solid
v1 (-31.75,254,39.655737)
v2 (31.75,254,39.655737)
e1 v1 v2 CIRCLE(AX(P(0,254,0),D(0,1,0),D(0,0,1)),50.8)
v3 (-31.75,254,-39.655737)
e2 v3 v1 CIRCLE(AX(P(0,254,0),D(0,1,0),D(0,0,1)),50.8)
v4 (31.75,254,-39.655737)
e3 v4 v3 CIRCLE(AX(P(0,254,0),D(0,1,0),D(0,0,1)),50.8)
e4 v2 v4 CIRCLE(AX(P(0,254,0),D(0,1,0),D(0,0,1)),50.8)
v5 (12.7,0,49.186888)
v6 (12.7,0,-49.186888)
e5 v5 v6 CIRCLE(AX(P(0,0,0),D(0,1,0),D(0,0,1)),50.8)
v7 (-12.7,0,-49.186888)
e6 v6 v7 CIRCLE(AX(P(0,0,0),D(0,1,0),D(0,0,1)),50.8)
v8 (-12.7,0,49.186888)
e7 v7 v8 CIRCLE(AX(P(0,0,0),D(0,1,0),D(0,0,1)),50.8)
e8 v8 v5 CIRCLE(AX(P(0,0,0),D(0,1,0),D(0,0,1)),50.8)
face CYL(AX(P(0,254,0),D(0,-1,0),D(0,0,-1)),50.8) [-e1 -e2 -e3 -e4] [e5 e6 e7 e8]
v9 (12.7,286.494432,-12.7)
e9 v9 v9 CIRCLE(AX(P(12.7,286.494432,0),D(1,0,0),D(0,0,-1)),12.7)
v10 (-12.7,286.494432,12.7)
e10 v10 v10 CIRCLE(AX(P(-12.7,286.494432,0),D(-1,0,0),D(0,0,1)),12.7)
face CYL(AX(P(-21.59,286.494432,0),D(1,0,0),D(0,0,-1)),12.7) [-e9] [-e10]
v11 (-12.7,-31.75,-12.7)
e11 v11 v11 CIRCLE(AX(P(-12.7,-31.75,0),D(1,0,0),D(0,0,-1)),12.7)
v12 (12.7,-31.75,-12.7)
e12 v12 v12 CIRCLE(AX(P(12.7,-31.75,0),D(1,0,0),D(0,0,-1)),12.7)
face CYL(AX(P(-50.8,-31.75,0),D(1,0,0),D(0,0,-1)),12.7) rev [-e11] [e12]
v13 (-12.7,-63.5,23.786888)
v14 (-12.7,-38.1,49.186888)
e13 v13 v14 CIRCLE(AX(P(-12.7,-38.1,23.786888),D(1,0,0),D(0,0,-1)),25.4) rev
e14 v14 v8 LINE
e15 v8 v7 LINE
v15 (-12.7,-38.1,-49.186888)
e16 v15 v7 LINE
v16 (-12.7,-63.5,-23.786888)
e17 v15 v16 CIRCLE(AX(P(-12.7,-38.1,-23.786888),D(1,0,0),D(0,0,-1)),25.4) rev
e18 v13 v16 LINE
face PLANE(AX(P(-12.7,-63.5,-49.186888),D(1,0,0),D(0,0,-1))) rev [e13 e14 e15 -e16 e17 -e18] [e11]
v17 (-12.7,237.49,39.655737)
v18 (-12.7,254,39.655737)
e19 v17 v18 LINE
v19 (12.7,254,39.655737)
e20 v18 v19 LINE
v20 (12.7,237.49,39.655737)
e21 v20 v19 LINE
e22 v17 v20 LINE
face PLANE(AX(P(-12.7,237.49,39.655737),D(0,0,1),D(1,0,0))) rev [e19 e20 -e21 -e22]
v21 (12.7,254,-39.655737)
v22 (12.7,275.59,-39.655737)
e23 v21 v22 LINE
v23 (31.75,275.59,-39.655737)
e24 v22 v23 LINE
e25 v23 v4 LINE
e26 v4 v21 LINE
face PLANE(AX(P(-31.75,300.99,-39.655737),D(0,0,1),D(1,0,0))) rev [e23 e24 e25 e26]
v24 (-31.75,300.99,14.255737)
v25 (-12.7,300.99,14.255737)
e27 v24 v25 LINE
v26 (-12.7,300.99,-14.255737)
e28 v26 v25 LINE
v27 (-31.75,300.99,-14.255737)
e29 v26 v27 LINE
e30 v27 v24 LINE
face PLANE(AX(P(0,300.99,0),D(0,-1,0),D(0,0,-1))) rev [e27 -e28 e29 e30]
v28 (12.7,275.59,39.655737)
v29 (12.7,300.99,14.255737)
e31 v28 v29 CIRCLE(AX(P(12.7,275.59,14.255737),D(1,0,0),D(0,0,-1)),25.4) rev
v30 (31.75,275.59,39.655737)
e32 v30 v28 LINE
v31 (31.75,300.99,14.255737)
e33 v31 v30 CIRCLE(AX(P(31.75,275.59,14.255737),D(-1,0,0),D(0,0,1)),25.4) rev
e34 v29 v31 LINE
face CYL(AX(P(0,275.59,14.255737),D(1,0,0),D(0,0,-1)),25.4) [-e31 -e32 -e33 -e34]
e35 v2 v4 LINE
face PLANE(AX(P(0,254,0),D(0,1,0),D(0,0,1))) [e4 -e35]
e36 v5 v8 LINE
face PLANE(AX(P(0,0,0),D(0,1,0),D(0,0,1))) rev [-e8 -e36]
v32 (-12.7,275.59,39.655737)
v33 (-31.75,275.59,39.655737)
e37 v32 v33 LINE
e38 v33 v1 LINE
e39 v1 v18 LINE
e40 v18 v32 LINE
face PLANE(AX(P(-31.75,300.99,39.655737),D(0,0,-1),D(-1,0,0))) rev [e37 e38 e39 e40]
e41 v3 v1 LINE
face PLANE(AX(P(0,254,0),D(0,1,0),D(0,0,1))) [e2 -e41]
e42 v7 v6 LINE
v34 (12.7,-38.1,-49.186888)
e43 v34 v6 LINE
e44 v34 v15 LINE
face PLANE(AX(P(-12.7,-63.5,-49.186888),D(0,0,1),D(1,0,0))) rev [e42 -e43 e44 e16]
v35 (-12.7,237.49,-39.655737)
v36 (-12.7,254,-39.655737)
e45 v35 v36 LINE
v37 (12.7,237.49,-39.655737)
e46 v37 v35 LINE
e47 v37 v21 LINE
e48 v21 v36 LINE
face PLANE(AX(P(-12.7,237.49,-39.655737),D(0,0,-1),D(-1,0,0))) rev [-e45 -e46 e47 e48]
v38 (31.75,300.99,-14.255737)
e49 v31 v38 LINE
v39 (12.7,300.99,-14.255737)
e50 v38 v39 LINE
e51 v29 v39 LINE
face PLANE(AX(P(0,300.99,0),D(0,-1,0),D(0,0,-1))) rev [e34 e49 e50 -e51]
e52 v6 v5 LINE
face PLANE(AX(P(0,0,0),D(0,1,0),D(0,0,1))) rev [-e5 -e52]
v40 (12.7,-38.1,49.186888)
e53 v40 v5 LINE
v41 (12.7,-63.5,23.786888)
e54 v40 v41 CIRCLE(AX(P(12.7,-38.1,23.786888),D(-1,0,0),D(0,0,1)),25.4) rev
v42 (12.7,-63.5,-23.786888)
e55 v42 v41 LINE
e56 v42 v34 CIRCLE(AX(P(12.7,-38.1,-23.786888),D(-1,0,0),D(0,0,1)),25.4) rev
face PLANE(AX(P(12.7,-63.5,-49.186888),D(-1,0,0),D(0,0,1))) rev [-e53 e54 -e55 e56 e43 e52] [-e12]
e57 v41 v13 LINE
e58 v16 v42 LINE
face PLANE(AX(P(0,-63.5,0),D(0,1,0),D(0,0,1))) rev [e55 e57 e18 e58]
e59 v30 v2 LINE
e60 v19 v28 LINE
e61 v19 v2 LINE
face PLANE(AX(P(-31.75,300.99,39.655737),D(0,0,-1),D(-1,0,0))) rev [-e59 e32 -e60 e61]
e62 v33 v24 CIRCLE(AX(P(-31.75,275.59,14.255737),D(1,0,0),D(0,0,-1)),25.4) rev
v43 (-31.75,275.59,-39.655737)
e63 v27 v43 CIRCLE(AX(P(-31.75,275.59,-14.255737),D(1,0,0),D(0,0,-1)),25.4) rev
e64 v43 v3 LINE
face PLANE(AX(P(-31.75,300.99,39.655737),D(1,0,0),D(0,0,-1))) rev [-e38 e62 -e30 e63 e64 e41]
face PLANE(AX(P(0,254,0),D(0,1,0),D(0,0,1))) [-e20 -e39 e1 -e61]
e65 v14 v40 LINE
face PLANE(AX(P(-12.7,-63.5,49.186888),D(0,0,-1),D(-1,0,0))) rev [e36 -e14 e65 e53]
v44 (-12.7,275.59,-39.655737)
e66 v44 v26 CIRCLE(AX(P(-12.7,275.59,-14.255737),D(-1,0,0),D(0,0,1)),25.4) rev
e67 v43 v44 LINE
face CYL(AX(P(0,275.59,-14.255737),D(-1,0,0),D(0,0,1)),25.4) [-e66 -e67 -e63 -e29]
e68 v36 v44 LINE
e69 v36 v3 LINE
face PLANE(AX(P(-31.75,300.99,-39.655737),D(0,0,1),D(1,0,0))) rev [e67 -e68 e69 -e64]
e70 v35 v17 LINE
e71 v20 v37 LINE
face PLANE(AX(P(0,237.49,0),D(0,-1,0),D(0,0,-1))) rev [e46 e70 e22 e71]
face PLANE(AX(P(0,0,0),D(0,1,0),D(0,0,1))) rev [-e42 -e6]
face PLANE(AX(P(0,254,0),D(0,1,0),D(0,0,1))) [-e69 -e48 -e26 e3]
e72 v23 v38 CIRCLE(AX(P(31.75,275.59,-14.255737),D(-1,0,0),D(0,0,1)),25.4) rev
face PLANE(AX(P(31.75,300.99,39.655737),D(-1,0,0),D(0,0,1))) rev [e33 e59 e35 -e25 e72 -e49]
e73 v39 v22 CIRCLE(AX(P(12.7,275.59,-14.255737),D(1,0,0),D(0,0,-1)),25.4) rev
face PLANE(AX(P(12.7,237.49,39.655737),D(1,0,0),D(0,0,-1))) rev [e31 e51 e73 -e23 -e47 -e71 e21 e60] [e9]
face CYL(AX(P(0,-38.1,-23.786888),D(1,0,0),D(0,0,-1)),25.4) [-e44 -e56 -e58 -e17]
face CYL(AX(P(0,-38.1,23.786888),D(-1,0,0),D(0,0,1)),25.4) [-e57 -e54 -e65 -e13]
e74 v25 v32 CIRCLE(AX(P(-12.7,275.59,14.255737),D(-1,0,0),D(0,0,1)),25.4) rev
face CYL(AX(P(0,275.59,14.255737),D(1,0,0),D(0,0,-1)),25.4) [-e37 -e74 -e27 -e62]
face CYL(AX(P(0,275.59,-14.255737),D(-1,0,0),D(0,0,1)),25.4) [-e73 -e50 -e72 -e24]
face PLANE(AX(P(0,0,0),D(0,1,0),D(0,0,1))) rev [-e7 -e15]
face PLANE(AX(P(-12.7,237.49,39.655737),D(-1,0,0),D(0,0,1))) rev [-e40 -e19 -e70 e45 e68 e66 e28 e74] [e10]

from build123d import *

# Parameters (mm, degrees)
SKETCH1_R           = 50.8
BOSS_EXTRUDE1_DEPTH = 254
SKETCH2_W           = 63.5
SKETCH2_H           = 79.31147458
BOSS_EXTRUDE2_DEPTH = 46.99
SKETCH3_W           = 25.4
SKETCH3_H           = 79.31147458
CUT_EXTRUDE1_DEPTH  = 63.5
FILLET1_R           = 25.4
SKETCH7_W           = 25.4
SKETCH7_H           = 98.373776994
BOSS_EXTRUDE3_DEPTH = 63.5
SKETCH8_R           = 12.7
CUT_EXTRUDE5_DEPTH  = 312.781766786
FILLET2_R           = 25.4
SKETCH6_R           = 12.7
BOSS_EXTRUDE4_DEPTH = 53.34


with BuildPart() as part:
    # Sketch1 → Boss-Extrude1 (new body)
    with BuildSketch(Plane(origin=(0, 0, 0), x_dir=(1, 0, 0), z_dir=(0, 1, 0))):
        with Locations(Location((0, 0, 0), (0, 0, 270))):
            Circle(SKETCH1_R)
    extrude(amount=BOSS_EXTRUDE1_DEPTH)

    # Sketch2 → Boss-Extrude2 (add)
    with BuildSketch(Plane(origin=(0, 254, 0), x_dir=(1, 0, 0), z_dir=(0, 1, 0))):
        Rectangle(SKETCH2_W, SKETCH2_H)
    extrude(amount=BOSS_EXTRUDE2_DEPTH)

    # Sketch3 → Cut-Extrude1 (cut)
    with BuildSketch(Plane(origin=(0, 300.99, 0), x_dir=(1, 0, 0), z_dir=(0, 1, 0))):
        Rectangle(SKETCH3_W, SKETCH3_H)
    extrude(amount=-CUT_EXTRUDE1_DEPTH, mode=Mode.SUBTRACT)

    # Fillet1
    fillet1_edges = [part.edges().sort_by_distance(p)[0] for p in [
        (22.225, 300.99, -39.65573729),
        (-22.225, 300.99, 39.65573729),
        (-22.225, 300.99, -39.65573729),
        (22.225, 300.99, 39.65573729),
    ]]
    fillet(fillet1_edges, radius=FILLET1_R)

    # Sketch7 → Boss-Extrude3 (add)
    with BuildSketch(Plane.XZ):
        Rectangle(SKETCH7_W, SKETCH7_H)
    extrude(amount=BOSS_EXTRUDE3_DEPTH)

    # Sketch8 → Cut-Extrude5 (cut, through all)
    with BuildSketch(Plane(origin=(12.7, 0, 0), x_dir=(0, 0, -1), z_dir=(1, 0, 0))):
        with Locations((0, -31.75)):
            Circle(SKETCH8_R)
    extrude(amount=-CUT_EXTRUDE5_DEPTH, mode=Mode.SUBTRACT)

    # Fillet2
    fillet2_edges = [part.edges().sort_by_distance(p)[0] for p in [
        (0, -63.5, 49.186888497),
        (0, -63.5, -49.186888497),
    ]]
    fillet(fillet2_edges, radius=FILLET2_R)

    # Sketch6 → Boss-Extrude4 (add)
    with BuildSketch(Plane(origin=(31.75, 0, 0), x_dir=(0, 0, -1), z_dir=(1, 0, 0))):
        with Locations((0, 286.494432144)):
            Circle(SKETCH6_R)
    extrude(amount=-BOSS_EXTRUDE4_DEPTH)


solid = part.part
